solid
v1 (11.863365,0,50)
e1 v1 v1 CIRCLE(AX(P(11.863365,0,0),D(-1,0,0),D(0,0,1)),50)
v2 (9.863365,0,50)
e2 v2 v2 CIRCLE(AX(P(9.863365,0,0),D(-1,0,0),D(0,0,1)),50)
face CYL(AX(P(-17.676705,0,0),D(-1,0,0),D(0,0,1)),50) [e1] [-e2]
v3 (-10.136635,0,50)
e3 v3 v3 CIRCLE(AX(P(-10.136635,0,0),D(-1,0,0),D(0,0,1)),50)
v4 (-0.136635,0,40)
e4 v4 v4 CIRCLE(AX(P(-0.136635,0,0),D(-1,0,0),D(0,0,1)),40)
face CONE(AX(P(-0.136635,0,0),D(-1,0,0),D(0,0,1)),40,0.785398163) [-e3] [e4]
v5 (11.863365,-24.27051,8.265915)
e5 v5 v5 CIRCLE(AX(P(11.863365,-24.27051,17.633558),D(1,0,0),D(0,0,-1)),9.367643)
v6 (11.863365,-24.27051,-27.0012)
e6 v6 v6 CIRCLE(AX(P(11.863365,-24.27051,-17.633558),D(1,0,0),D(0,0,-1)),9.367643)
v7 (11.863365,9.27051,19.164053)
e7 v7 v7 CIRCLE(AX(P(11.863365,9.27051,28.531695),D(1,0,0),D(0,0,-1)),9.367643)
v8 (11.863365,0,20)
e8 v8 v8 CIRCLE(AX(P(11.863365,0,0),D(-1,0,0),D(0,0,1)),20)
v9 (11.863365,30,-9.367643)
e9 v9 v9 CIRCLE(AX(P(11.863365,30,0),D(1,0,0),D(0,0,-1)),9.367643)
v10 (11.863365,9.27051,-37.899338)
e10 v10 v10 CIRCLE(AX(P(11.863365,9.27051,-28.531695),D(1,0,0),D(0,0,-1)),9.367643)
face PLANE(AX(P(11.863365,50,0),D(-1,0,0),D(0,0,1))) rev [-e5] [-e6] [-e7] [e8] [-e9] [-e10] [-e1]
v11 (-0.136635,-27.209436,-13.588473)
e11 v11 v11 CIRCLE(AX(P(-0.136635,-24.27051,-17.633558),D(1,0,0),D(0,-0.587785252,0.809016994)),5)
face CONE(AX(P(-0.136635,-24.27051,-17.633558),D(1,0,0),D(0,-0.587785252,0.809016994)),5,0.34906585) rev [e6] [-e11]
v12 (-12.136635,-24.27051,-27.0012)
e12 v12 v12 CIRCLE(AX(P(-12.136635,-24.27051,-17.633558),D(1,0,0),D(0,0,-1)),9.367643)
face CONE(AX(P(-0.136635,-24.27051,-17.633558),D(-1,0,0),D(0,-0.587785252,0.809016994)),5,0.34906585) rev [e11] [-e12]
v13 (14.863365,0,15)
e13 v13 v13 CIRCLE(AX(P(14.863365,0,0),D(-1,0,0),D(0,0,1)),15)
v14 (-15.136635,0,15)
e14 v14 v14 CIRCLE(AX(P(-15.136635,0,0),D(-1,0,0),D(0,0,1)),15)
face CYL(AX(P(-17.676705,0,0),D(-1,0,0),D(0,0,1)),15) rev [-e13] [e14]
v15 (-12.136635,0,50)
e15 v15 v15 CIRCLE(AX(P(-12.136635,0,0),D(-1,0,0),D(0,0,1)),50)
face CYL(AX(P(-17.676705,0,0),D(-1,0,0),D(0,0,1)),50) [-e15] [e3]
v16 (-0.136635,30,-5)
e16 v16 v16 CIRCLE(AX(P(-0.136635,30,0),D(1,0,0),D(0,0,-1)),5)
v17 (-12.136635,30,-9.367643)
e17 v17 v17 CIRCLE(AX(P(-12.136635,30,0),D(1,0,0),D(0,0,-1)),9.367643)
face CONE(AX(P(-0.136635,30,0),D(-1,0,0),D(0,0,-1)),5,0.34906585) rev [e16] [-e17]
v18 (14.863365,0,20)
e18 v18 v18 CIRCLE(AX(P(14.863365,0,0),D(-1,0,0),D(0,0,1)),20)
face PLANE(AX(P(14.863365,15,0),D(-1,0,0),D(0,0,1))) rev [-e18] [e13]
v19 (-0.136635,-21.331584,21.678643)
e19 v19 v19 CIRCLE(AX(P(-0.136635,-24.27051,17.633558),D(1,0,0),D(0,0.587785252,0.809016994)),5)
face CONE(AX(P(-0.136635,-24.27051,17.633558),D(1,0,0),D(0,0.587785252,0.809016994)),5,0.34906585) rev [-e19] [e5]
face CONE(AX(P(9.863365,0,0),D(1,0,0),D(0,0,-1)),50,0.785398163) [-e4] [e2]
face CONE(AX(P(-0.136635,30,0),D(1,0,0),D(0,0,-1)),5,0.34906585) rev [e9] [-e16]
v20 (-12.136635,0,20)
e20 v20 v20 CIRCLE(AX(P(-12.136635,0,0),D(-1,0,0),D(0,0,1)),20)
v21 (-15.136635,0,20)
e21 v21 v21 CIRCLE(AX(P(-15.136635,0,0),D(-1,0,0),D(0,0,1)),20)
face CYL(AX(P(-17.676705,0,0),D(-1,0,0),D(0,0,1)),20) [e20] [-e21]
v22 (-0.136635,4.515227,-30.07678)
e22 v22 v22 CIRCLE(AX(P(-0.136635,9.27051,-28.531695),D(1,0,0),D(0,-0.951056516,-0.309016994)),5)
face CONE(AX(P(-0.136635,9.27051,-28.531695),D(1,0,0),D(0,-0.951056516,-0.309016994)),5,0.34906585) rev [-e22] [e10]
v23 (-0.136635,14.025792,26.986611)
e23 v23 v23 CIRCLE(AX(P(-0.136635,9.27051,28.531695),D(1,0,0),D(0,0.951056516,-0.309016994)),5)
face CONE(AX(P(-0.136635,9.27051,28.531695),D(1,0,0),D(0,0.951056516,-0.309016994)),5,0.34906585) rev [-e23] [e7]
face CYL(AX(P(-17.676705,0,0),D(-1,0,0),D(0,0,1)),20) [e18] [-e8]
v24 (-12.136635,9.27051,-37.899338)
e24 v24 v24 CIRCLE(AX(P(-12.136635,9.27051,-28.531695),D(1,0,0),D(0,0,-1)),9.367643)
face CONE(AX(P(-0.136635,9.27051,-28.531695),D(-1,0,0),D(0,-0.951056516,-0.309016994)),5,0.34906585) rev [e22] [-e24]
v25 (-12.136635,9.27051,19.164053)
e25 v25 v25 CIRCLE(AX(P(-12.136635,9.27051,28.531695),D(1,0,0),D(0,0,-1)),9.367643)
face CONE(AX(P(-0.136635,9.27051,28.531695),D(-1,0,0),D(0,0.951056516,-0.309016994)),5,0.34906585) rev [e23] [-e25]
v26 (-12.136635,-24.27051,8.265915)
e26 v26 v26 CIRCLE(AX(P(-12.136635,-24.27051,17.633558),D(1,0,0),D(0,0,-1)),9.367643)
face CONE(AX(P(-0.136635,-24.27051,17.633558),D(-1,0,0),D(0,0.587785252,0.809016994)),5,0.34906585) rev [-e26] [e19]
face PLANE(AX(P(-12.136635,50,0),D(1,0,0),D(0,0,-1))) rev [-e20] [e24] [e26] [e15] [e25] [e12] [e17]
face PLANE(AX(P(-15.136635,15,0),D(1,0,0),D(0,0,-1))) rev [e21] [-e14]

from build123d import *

# Parameters (mm, degrees)
IZIM2_R                           = 5
KES_EKSTR_ZYON3_DEPTH             = 12
KES_EKSTR_ZYON3_TAPER             = -20
KES_EKSTR_ZYON3_OTHER_WAY_DEPTH   = 12
KES_EKSTR_ZYON3_OTHER_WAY_DRAFT   = -20
DAIRESEL_KAPLAMA1_COUNT           = 5
DAIRESEL_KAPLAMA1_COPY_1_SKETCH_R = 5
DAIRESEL_KAPLAMA1_COPY_1_DEPTH    = 12
DAIRESEL_KAPLAMA1_COPY_1_DRAFT    = -20
DAIRESEL_KAPLAMA1_COPY_2_SKETCH_R = 5
DAIRESEL_KAPLAMA1_COPY_2_DEPTH    = 12
DAIRESEL_KAPLAMA1_COPY_2_DRAFT    = -20
DAIRESEL_KAPLAMA1_COPY_3_SKETCH_R = 5
DAIRESEL_KAPLAMA1_COPY_3_DEPTH    = 12
DAIRESEL_KAPLAMA1_COPY_3_DRAFT    = -20
DAIRESEL_KAPLAMA1_COPY_4_SKETCH_R = 5
DAIRESEL_KAPLAMA1_COPY_4_DEPTH    = 12
DAIRESEL_KAPLAMA1_COPY_4_DRAFT    = -20
DAIRESEL_KAPLAMA1_COPY_5_SKETCH_R = 5
DAIRESEL_KAPLAMA1_COPY_5_DEPTH    = 12
DAIRESEL_KAPLAMA1_COPY_5_DRAFT    = -20
DAIRESEL_KAPLAMA1_COPY_6_SKETCH_R = 5
DAIRESEL_KAPLAMA1_COPY_6_DEPTH    = 12
DAIRESEL_KAPLAMA1_COPY_6_DRAFT    = -20
DAIRESEL_KAPLAMA1_COPY_7_SKETCH_R = 5
DAIRESEL_KAPLAMA1_COPY_7_DEPTH    = 12
DAIRESEL_KAPLAMA1_COPY_7_DRAFT    = -20
DAIRESEL_KAPLAMA1_COPY_8_SKETCH_R = 5
DAIRESEL_KAPLAMA1_COPY_8_DEPTH    = 12
DAIRESEL_KAPLAMA1_COPY_8_DRAFT    = -20


with BuildPart() as part:
    # Çizim1 → Döndür1 (revolve)
    with BuildSketch(Plane.XY, mode=Mode.PRIVATE) as d_nd_r1_sk:
        Polygon((-10.136635142, 50), (-0.136635142, 40), (9.863364858, 50), (11.863364858, 50), (11.863364858, 20), (14.863364858, 20), (14.863364858, 15), (11.863364858, 15), (-12.136635142, 15), (-15.136635142, 15), (-15.136635142, 20), (-12.136635142, 20), (-12.136635142, 50), align=None)
    revolve(d_nd_r1_sk.sketch.rotate(Axis((-17.676704828, 0, 0), (1, 0, 0)), 90), axis=Axis((-17.676704828, 0, 0), (1, 0, 0)))

    # Çizim2 → Kes-Ekstrüzyon3 (cut)
    with BuildSketch(Plane(origin=(-0.136635142, 0, 0), x_dir=(0, 0, -1), z_dir=(1, 0, 0))):
        with Locations((0, 30)):
            Circle(IZIM2_R)
    kes_ekstr_zyon3 = extrude(amount=-KES_EKSTR_ZYON3_DEPTH, taper=KES_EKSTR_ZYON3_TAPER, mode=Mode.SUBTRACT)


with BuildPart() as kes_ekstr_zyon3_other_way_tool:
    # Çizim2 → Kes-Ekstrüzyon3 other way (with draft: the straight prism first)
    with BuildSketch(Plane(origin=(-0.136635142, 0, 0), x_dir=(0, 0, -1), z_dir=(1, 0, 0))):
        with Locations((0, 30)):
            Circle(IZIM2_R)
    extrude(amount=KES_EKSTR_ZYON3_OTHER_WAY_DEPTH)
    # Kes-Ekstrüzyon3 other way: the draft: its side faces are tilted about the plane it starts from
    kes_ekstr_zyon3_other_way_sides = [kes_ekstr_zyon3_other_way_tool.faces().sort_by_distance(p)[0] for p in [
        (5.863364858, 30, 5),
    ]]
    draft(kes_ekstr_zyon3_other_way_sides, Plane(origin=(-0.136635142, 0, 0), x_dir=(0, 0, -1), z_dir=(1, 0, 0)), KES_EKSTR_ZYON3_OTHER_WAY_DRAFT)


with BuildPart() as part_1:
    add(part.part)

    # Kes-Ekstrüzyon3 other way: cut by kes_ekstr_zyon3_other_way_tool
    add(kes_ekstr_zyon3_other_way_tool.part, mode=Mode.SUBTRACT)

    # Dairesel Kaplama1: Kes-Ekstrüzyon3 ×5 about axis
    dairesel_kaplama1_axis = Axis((0, 0, 0), (1, 0, 0))
    for i in range(1, DAIRESEL_KAPLAMA1_COUNT):
        add(kes_ekstr_zyon3.rotate(dairesel_kaplama1_axis, i * 360 / DAIRESEL_KAPLAMA1_COUNT), mode=Mode.SUBTRACT)


with BuildPart() as dairesel_kaplama1_copy_1_tool:
    # Dairesel Kaplama1 copy 1 sketch → Dairesel Kaplama1 copy 1 (with draft: the straight prism first)
    with BuildSketch(Plane(origin=(-0.136635142, 0, 0), x_dir=(0, 0.9510565162951535, -0.30901699437494745), z_dir=(1, 0, 0))):
        with Locations((0, 30)):
            Circle(DAIRESEL_KAPLAMA1_COPY_1_SKETCH_R)
    extrude(amount=DAIRESEL_KAPLAMA1_COPY_1_DEPTH)
    # Dairesel Kaplama1 copy 1: the draft: its side faces are tilted about the plane it starts from
    dairesel_kaplama1_copy_1_sides = [dairesel_kaplama1_copy_1_tool.faces().sort_by_distance(p)[0] for p in [
        (5.863364858, 4.51522725, 30.076780461),
    ]]
    draft(dairesel_kaplama1_copy_1_sides, Plane(origin=(-0.136635142, 0, 0), x_dir=(0, 0.9510565162951535, -0.30901699437494745), z_dir=(1, 0, 0)), DAIRESEL_KAPLAMA1_COPY_1_DRAFT)


with BuildPart() as part_2:
    add(part_1.part)

    # Dairesel Kaplama1 copy 1: cut by dairesel_kaplama1_copy_1_tool
    add(dairesel_kaplama1_copy_1_tool.part, mode=Mode.SUBTRACT)


with BuildPart() as dairesel_kaplama1_copy_2_tool:
    # Dairesel Kaplama1 copy 2 sketch → Dairesel Kaplama1 copy 2 (with draft: the straight prism first)
    with BuildSketch(Plane(origin=(-0.136635142, 0, 0), x_dir=(0, 0.5877852522924732, 0.8090169943749473), z_dir=(1, 0, 0))):
        with Locations((0, 30)):
            Circle(DAIRESEL_KAPLAMA1_COPY_2_SKETCH_R)
    extrude(amount=DAIRESEL_KAPLAMA1_COPY_2_DEPTH)
    # Dairesel Kaplama1 copy 2: the draft: its side faces are tilted about the plane it starts from
    dairesel_kaplama1_copy_2_sides = [dairesel_kaplama1_copy_2_tool.faces().sort_by_distance(p)[0] for p in [
        (5.863364858, -27.209436093, 13.588472597),
    ]]
    draft(dairesel_kaplama1_copy_2_sides, Plane(origin=(-0.136635142, 0, 0), x_dir=(0, 0.5877852522924732, 0.8090169943749473), z_dir=(1, 0, 0)), DAIRESEL_KAPLAMA1_COPY_2_DRAFT)


with BuildPart() as part_3:
    add(part_2.part)

    # Dairesel Kaplama1 copy 2: cut by dairesel_kaplama1_copy_2_tool
    add(dairesel_kaplama1_copy_2_tool.part, mode=Mode.SUBTRACT)


with BuildPart() as dairesel_kaplama1_copy_3_tool:
    # Dairesel Kaplama1 copy 3 sketch → Dairesel Kaplama1 copy 3 (with draft: the straight prism first)
    with BuildSketch(Plane(origin=(-0.136635142, 0, 0), x_dir=(0, -0.587785252292473, 0.8090169943749476), z_dir=(1, 0, 0))):
        with Locations((0, 30)):
            Circle(DAIRESEL_KAPLAMA1_COPY_3_SKETCH_R)
    extrude(amount=DAIRESEL_KAPLAMA1_COPY_3_DEPTH)
    # Dairesel Kaplama1 copy 3: the draft: its side faces are tilted about the plane it starts from
    dairesel_kaplama1_copy_3_sides = [dairesel_kaplama1_copy_3_tool.faces().sort_by_distance(p)[0] for p in [
        (5.863364858, -21.33158357, -21.678642541),
    ]]
    draft(dairesel_kaplama1_copy_3_sides, Plane(origin=(-0.136635142, 0, 0), x_dir=(0, -0.587785252292473, 0.8090169943749476), z_dir=(1, 0, 0)), DAIRESEL_KAPLAMA1_COPY_3_DRAFT)


with BuildPart() as part_4:
    add(part_3.part)

    # Dairesel Kaplama1 copy 3: cut by dairesel_kaplama1_copy_3_tool
    add(dairesel_kaplama1_copy_3_tool.part, mode=Mode.SUBTRACT)


with BuildPart() as dairesel_kaplama1_copy_4_tool:
    # Dairesel Kaplama1 copy 4 sketch → Dairesel Kaplama1 copy 4 (with draft: the straight prism first)
    with BuildSketch(Plane(origin=(-0.136635142, 0, 0), x_dir=(0, -0.9510565162951536, -0.30901699437494723), z_dir=(1, 0, 0))):
        with Locations((0, 30)):
            Circle(DAIRESEL_KAPLAMA1_COPY_4_SKETCH_R)
    extrude(amount=DAIRESEL_KAPLAMA1_COPY_4_DEPTH)
    # Dairesel Kaplama1 copy 4: the draft: its side faces are tilted about the plane it starts from
    dairesel_kaplama1_copy_4_sides = [dairesel_kaplama1_copy_4_tool.faces().sort_by_distance(p)[0] for p in [
        (5.863364858, 14.025792413, -26.986610517),
    ]]
    draft(dairesel_kaplama1_copy_4_sides, Plane(origin=(-0.136635142, 0, 0), x_dir=(0, -0.9510565162951536, -0.30901699437494723), z_dir=(1, 0, 0)), DAIRESEL_KAPLAMA1_COPY_4_DRAFT)


with BuildPart() as part_5:
    add(part_4.part)

    # Dairesel Kaplama1 copy 4: cut by dairesel_kaplama1_copy_4_tool
    add(dairesel_kaplama1_copy_4_tool.part, mode=Mode.SUBTRACT)


with BuildPart() as dairesel_kaplama1_copy_5_tool:
    # Dairesel Kaplama1 copy 5 sketch → Dairesel Kaplama1 copy 5 (with draft: the straight prism first)
    with BuildSketch(Plane(origin=(-0.136635142, 0, 0), x_dir=(0, 0.9510565162951535, -0.30901699437494745), z_dir=(1, 0, 0))):
        with Locations((0, 30)):
            Circle(DAIRESEL_KAPLAMA1_COPY_5_SKETCH_R)
    extrude(amount=DAIRESEL_KAPLAMA1_COPY_5_DEPTH)
    # Dairesel Kaplama1 copy 5: the draft: its side faces are tilted about the plane it starts from
    dairesel_kaplama1_copy_5_sides = [dairesel_kaplama1_copy_5_tool.faces().sort_by_distance(p)[0] for p in [
        (5.863364858, 4.51522725, 30.076780461),
    ]]
    draft(dairesel_kaplama1_copy_5_sides, Plane(origin=(-0.136635142, 0, 0), x_dir=(0, 0.9510565162951535, -0.30901699437494745), z_dir=(1, 0, 0)), DAIRESEL_KAPLAMA1_COPY_5_DRAFT)


with BuildPart() as part_6:
    add(part_5.part)

    # Dairesel Kaplama1 copy 5: cut by dairesel_kaplama1_copy_5_tool
    add(dairesel_kaplama1_copy_5_tool.part, mode=Mode.SUBTRACT)


with BuildPart() as dairesel_kaplama1_copy_6_tool:
    # Dairesel Kaplama1 copy 6 sketch → Dairesel Kaplama1 copy 6 (with draft: the straight prism first)
    with BuildSketch(Plane(origin=(-0.136635142, 0, 0), x_dir=(0, 0.5877852522924732, 0.8090169943749473), z_dir=(1, 0, 0))):
        with Locations((0, 30)):
            Circle(DAIRESEL_KAPLAMA1_COPY_6_SKETCH_R)
    extrude(amount=DAIRESEL_KAPLAMA1_COPY_6_DEPTH)
    # Dairesel Kaplama1 copy 6: the draft: its side faces are tilted about the plane it starts from
    dairesel_kaplama1_copy_6_sides = [dairesel_kaplama1_copy_6_tool.faces().sort_by_distance(p)[0] for p in [
        (5.863364858, -27.209436093, 13.588472597),
    ]]
    draft(dairesel_kaplama1_copy_6_sides, Plane(origin=(-0.136635142, 0, 0), x_dir=(0, 0.5877852522924732, 0.8090169943749473), z_dir=(1, 0, 0)), DAIRESEL_KAPLAMA1_COPY_6_DRAFT)


with BuildPart() as part_7:
    add(part_6.part)

    # Dairesel Kaplama1 copy 6: cut by dairesel_kaplama1_copy_6_tool
    add(dairesel_kaplama1_copy_6_tool.part, mode=Mode.SUBTRACT)


with BuildPart() as dairesel_kaplama1_copy_7_tool:
    # Dairesel Kaplama1 copy 7 sketch → Dairesel Kaplama1 copy 7 (with draft: the straight prism first)
    with BuildSketch(Plane(origin=(-0.136635142, 0, 0), x_dir=(0, -0.587785252292473, 0.8090169943749476), z_dir=(1, 0, 0))):
        with Locations((0, 30)):
            Circle(DAIRESEL_KAPLAMA1_COPY_7_SKETCH_R)
    extrude(amount=DAIRESEL_KAPLAMA1_COPY_7_DEPTH)
    # Dairesel Kaplama1 copy 7: the draft: its side faces are tilted about the plane it starts from
    dairesel_kaplama1_copy_7_sides = [dairesel_kaplama1_copy_7_tool.faces().sort_by_distance(p)[0] for p in [
        (5.863364858, -21.33158357, -21.678642541),
    ]]
    draft(dairesel_kaplama1_copy_7_sides, Plane(origin=(-0.136635142, 0, 0), x_dir=(0, -0.587785252292473, 0.8090169943749476), z_dir=(1, 0, 0)), DAIRESEL_KAPLAMA1_COPY_7_DRAFT)


with BuildPart() as part_8:
    add(part_7.part)

    # Dairesel Kaplama1 copy 7: cut by dairesel_kaplama1_copy_7_tool
    add(dairesel_kaplama1_copy_7_tool.part, mode=Mode.SUBTRACT)


with BuildPart() as dairesel_kaplama1_copy_8_tool:
    # Dairesel Kaplama1 copy 8 sketch → Dairesel Kaplama1 copy 8 (with draft: the straight prism first)
    with BuildSketch(Plane(origin=(-0.136635142, 0, 0), x_dir=(0, -0.9510565162951536, -0.30901699437494723), z_dir=(1, 0, 0))):
        with Locations((0, 30)):
            Circle(DAIRESEL_KAPLAMA1_COPY_8_SKETCH_R)
    extrude(amount=DAIRESEL_KAPLAMA1_COPY_8_DEPTH)
    # Dairesel Kaplama1 copy 8: the draft: its side faces are tilted about the plane it starts from
    dairesel_kaplama1_copy_8_sides = [dairesel_kaplama1_copy_8_tool.faces().sort_by_distance(p)[0] for p in [
        (5.863364858, 14.025792413, -26.986610517),
    ]]
    draft(dairesel_kaplama1_copy_8_sides, Plane(origin=(-0.136635142, 0, 0), x_dir=(0, -0.9510565162951536, -0.30901699437494723), z_dir=(1, 0, 0)), DAIRESEL_KAPLAMA1_COPY_8_DRAFT)


with BuildPart() as part_9:
    add(part_8.part)

    # Dairesel Kaplama1 copy 8: cut by dairesel_kaplama1_copy_8_tool
    add(dairesel_kaplama1_copy_8_tool.part, mode=Mode.SUBTRACT)


solid = part_9.part
